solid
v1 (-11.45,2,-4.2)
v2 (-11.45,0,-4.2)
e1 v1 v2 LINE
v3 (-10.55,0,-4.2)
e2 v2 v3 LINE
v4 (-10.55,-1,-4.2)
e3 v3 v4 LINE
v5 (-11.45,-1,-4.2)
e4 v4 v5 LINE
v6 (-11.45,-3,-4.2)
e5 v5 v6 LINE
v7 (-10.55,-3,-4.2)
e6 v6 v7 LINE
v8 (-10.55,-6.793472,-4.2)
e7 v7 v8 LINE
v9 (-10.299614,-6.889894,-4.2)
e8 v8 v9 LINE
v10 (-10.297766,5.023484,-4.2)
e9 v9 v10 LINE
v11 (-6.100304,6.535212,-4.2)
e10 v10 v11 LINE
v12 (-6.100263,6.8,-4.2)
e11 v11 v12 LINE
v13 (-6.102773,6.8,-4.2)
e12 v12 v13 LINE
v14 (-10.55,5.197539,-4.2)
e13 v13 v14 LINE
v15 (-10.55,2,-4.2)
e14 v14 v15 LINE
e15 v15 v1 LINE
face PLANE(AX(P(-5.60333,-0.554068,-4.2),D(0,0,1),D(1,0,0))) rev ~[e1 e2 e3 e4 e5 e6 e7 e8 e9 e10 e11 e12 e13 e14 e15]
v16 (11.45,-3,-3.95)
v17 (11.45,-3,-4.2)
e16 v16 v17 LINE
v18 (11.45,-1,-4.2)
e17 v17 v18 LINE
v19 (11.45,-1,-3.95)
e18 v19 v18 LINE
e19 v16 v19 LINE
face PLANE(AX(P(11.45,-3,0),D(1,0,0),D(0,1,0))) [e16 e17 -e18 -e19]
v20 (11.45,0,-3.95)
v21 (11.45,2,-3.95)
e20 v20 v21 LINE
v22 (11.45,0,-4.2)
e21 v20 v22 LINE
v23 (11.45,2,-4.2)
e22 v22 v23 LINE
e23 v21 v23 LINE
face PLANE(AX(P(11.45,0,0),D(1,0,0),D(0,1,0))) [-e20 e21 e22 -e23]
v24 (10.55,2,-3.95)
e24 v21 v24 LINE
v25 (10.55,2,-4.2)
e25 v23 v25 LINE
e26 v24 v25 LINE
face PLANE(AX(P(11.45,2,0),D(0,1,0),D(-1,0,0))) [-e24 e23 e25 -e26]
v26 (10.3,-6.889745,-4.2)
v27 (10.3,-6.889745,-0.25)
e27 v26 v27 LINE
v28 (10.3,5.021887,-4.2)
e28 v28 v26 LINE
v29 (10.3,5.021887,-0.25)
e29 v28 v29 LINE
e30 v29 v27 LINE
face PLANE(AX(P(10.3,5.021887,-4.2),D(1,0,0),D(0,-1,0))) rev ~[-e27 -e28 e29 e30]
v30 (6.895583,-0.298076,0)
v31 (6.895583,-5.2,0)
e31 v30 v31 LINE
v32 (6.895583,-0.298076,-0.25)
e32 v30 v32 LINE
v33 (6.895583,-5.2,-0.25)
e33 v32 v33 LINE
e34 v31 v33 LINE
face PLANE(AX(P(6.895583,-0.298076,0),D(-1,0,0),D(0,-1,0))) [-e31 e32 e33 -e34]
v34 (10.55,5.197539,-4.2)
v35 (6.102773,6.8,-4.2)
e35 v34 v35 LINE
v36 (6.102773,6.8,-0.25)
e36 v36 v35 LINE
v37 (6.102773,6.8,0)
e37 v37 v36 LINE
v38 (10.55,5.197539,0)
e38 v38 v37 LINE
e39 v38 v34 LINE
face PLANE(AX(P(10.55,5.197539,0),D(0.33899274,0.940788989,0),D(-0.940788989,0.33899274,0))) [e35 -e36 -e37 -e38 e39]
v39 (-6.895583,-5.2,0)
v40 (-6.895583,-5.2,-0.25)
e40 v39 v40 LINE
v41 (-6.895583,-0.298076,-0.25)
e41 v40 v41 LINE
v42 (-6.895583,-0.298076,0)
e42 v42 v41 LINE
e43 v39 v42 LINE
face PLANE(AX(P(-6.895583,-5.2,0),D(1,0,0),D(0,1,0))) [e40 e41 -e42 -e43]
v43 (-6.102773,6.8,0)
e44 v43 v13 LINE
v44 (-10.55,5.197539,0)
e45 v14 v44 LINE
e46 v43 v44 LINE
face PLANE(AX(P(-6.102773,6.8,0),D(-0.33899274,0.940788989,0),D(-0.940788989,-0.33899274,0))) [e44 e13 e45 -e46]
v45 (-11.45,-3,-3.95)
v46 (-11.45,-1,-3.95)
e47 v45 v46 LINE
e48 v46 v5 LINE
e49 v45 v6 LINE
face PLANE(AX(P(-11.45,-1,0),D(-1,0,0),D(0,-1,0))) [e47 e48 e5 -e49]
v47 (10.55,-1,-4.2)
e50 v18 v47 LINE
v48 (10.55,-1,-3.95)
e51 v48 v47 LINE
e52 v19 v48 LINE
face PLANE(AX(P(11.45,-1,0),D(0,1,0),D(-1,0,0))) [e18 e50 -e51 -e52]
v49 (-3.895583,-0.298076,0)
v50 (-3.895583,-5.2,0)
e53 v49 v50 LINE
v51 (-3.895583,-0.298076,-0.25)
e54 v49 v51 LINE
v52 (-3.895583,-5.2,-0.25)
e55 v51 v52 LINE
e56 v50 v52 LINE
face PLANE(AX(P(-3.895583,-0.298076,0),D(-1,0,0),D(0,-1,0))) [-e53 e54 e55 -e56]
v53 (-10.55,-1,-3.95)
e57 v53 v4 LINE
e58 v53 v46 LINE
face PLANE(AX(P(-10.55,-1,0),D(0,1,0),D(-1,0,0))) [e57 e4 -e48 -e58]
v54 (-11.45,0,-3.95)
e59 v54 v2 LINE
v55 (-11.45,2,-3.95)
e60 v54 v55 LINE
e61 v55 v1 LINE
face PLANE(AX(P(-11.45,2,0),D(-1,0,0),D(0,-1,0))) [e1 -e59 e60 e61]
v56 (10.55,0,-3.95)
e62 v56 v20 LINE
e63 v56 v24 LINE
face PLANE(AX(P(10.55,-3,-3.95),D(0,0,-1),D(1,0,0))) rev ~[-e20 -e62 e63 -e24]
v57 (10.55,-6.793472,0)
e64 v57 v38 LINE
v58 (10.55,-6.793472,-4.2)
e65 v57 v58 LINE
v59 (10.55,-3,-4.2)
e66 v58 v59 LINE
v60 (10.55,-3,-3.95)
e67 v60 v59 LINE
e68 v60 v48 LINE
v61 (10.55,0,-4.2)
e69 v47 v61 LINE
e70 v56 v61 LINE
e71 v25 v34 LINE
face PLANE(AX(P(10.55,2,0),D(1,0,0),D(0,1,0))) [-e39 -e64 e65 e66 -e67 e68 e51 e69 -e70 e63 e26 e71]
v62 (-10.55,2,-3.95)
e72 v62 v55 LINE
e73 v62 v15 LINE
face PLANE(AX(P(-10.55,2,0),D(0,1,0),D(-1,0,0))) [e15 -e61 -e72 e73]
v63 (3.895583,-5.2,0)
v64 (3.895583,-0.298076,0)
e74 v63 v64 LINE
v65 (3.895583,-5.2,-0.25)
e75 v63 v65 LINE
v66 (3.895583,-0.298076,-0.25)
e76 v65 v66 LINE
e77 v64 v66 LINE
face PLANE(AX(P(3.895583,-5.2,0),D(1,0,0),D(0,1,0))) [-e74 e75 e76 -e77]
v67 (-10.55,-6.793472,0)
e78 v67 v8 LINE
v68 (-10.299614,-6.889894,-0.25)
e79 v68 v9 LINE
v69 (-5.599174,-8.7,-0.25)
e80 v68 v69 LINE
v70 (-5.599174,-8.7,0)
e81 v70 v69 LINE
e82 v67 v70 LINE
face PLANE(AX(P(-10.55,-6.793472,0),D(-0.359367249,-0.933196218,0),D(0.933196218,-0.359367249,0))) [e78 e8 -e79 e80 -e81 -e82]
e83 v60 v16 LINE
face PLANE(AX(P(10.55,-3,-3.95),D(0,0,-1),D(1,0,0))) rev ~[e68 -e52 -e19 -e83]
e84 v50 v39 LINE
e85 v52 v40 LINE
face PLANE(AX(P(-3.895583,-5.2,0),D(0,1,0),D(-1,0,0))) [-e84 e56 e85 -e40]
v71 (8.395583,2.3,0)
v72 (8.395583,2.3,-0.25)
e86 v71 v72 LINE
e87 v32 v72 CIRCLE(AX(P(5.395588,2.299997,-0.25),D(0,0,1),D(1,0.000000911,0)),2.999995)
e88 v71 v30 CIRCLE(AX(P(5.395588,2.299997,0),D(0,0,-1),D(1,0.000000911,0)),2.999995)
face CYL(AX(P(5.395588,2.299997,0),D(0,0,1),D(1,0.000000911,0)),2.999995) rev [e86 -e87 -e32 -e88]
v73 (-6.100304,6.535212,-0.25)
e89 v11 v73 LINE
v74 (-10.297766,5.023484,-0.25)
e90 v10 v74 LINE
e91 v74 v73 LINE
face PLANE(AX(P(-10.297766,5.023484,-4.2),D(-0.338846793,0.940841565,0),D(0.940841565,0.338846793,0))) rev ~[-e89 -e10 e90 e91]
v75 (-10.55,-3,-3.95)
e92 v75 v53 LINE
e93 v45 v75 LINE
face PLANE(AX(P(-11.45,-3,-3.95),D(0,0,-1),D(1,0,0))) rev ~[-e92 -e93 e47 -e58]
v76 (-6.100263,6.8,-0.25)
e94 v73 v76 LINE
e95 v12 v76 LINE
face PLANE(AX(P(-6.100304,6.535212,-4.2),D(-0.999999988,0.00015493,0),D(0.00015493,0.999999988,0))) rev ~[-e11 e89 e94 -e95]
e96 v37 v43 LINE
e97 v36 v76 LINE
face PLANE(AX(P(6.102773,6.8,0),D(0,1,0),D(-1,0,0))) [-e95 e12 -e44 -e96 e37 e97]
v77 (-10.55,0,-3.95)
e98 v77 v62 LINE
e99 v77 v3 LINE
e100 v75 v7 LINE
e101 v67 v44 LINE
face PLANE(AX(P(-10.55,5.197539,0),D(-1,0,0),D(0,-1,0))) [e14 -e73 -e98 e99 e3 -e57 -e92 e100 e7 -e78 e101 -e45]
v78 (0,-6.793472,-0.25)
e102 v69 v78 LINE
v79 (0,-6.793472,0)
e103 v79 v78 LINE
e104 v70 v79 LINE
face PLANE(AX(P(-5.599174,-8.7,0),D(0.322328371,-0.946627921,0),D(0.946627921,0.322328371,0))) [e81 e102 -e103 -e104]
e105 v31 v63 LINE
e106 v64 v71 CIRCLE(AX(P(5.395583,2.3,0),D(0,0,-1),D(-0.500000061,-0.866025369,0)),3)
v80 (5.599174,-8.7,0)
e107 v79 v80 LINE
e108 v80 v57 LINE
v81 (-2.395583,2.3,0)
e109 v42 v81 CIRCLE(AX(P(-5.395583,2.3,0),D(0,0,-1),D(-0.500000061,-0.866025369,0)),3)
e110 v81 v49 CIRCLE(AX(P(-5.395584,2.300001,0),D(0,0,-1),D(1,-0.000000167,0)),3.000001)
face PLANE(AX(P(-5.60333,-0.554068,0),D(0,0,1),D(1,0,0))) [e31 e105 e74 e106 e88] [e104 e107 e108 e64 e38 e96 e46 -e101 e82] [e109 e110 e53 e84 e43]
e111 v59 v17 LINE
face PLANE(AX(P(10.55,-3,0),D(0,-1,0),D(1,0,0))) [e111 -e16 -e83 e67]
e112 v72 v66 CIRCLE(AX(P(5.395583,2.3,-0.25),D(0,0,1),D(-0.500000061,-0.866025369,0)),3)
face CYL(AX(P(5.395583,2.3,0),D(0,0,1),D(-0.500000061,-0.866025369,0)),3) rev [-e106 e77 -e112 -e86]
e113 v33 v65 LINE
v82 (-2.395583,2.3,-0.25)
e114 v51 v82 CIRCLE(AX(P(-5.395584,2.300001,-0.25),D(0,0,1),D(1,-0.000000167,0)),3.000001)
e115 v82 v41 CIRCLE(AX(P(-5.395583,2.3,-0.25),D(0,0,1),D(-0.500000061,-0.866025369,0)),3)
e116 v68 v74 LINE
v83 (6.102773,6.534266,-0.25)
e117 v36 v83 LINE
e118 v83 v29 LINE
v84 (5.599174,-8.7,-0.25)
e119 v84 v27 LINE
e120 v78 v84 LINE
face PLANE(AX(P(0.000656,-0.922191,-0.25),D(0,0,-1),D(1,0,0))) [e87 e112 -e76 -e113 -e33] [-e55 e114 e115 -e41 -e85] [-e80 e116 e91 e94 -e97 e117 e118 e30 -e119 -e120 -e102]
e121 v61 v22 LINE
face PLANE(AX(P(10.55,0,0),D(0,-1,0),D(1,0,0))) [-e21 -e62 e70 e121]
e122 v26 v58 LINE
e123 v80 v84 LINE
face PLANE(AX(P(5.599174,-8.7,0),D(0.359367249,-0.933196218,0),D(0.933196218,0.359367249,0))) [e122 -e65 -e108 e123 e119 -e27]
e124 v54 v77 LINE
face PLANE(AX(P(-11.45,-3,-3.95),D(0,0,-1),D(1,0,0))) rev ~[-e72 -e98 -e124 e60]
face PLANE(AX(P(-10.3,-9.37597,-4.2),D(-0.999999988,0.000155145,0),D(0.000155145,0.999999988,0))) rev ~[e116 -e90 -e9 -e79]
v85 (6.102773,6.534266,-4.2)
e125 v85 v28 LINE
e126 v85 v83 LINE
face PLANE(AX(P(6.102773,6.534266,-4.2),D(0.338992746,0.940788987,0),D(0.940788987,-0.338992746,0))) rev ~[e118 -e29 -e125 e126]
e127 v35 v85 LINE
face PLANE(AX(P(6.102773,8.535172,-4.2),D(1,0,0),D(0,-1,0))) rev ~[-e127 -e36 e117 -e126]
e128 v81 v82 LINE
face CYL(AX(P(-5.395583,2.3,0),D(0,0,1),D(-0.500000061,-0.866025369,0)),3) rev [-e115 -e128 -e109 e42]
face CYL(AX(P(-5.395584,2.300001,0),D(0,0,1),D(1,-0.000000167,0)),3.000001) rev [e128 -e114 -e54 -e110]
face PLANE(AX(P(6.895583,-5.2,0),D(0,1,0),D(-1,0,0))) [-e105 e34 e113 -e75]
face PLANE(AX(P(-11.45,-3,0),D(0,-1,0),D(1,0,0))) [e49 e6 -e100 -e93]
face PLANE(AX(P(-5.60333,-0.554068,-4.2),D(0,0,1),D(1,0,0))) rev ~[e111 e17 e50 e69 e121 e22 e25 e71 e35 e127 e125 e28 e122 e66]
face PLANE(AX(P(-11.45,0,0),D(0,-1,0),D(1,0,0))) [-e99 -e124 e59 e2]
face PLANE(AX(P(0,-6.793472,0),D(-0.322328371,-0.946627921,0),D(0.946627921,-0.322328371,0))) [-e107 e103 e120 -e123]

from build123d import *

# Parameters (mm, degrees)
F1_DEPTH = 4.2
F3_DEPTH = 3.95
F4_W     = 0.9
F4_H     = 3.95
F5_DEPTH = 9.801


with BuildPart() as f1:
    # F0 (on Top) → F1 (new body)
    with BuildSketch(Plane.XY):
        Polygon((-6.102773, 6.8), (-10.55, 5.197539), (-10.55, 2), (-11.45, 2), (-11.45, 0), (-10.55, 0), (-10.55, -1), (-11.45, -1), (-11.45, -3), (-10.55, -3), (-10.55, -6.793472), (-5.599174, -8.7), (0, -6.793472), (0, 0), (0, 6.8), align=None)
        with BuildLine():
            ThreePointArc((-6.895583, -0.298076), (-6.895583, 4.898076), (-2.395583, 2.3))
            ThreePointArc((-2.395583, 2.3), (-2.797507, 0.8), (-3.895583, -0.298076))
            Line((-3.895583, -0.298076), (-3.895583, -5.2))
            Line((-3.895583, -5.2), (-5.395583, -5.2))
            Line((-5.395583, -5.2), (-6.895583, -5.2))
            Line((-6.895583, -5.2), (-6.895583, -0.298076))
        make_face(mode=Mode.SUBTRACT)
        Polygon((6.102773, 6.8), (0, 6.8), (0, 0), (0, -6.793472), (5.599174, -8.7), (10.55, -6.793472), (10.55, -3), (11.45, -3), (11.45, -1), (10.55, -1), (10.55, 0), (11.45, 0), (11.45, 2), (10.55, 2), (10.55, 5.197539), align=None)
        with BuildLine():
            ThreePointArc((3.895583, -0.298076), (3.895583, 4.898076), (8.395583, 2.3))
            ThreePointArc((8.395583, 2.3), (7.99366, 0.8), (6.895583, -0.298076))
            Line((6.895583, -0.298076), (6.895583, -5.2))
            Line((6.895583, -5.2), (5.395583, -5.2))
            Line((5.395583, -5.2), (3.895583, -5.2))
            Line((3.895583, -5.2), (3.895583, -0.298076))
        make_face(mode=Mode.SUBTRACT)
    extrude(amount=-F1_DEPTH)

    # F2 (on face) → F3 (cut)
    with BuildSketch(Plane(origin=(0, 0, -4.2), x_dir=(1, 0, 0), z_dir=(0, 0, -1))):
        Polygon((10.3, -5.021887), (10.3, 9.377568), (0, 9.377568), (-10.3, 9.37597), (-10.297766, -5.023484), (-6.100304, -6.535212), (-6.099994, -8.536118), (0.001405, -8.73276), (6.102773, -8.535172), (6.102773, -6.534266), align=None)
    extrude(amount=-F3_DEPTH, mode=Mode.SUBTRACT)

    # F4 (on face) → F5 (cut, through all)
    with BuildSketch(Plane.XZ.offset(3)):
        with Locations((-11, -1.975)):
            Rectangle(F4_W, F4_H)
        with Locations((11, -1.975)):
            Rectangle(F4_W, F4_H)
    extrude(amount=-F5_DEPTH, mode=Mode.SUBTRACT)


solid = f1.part
